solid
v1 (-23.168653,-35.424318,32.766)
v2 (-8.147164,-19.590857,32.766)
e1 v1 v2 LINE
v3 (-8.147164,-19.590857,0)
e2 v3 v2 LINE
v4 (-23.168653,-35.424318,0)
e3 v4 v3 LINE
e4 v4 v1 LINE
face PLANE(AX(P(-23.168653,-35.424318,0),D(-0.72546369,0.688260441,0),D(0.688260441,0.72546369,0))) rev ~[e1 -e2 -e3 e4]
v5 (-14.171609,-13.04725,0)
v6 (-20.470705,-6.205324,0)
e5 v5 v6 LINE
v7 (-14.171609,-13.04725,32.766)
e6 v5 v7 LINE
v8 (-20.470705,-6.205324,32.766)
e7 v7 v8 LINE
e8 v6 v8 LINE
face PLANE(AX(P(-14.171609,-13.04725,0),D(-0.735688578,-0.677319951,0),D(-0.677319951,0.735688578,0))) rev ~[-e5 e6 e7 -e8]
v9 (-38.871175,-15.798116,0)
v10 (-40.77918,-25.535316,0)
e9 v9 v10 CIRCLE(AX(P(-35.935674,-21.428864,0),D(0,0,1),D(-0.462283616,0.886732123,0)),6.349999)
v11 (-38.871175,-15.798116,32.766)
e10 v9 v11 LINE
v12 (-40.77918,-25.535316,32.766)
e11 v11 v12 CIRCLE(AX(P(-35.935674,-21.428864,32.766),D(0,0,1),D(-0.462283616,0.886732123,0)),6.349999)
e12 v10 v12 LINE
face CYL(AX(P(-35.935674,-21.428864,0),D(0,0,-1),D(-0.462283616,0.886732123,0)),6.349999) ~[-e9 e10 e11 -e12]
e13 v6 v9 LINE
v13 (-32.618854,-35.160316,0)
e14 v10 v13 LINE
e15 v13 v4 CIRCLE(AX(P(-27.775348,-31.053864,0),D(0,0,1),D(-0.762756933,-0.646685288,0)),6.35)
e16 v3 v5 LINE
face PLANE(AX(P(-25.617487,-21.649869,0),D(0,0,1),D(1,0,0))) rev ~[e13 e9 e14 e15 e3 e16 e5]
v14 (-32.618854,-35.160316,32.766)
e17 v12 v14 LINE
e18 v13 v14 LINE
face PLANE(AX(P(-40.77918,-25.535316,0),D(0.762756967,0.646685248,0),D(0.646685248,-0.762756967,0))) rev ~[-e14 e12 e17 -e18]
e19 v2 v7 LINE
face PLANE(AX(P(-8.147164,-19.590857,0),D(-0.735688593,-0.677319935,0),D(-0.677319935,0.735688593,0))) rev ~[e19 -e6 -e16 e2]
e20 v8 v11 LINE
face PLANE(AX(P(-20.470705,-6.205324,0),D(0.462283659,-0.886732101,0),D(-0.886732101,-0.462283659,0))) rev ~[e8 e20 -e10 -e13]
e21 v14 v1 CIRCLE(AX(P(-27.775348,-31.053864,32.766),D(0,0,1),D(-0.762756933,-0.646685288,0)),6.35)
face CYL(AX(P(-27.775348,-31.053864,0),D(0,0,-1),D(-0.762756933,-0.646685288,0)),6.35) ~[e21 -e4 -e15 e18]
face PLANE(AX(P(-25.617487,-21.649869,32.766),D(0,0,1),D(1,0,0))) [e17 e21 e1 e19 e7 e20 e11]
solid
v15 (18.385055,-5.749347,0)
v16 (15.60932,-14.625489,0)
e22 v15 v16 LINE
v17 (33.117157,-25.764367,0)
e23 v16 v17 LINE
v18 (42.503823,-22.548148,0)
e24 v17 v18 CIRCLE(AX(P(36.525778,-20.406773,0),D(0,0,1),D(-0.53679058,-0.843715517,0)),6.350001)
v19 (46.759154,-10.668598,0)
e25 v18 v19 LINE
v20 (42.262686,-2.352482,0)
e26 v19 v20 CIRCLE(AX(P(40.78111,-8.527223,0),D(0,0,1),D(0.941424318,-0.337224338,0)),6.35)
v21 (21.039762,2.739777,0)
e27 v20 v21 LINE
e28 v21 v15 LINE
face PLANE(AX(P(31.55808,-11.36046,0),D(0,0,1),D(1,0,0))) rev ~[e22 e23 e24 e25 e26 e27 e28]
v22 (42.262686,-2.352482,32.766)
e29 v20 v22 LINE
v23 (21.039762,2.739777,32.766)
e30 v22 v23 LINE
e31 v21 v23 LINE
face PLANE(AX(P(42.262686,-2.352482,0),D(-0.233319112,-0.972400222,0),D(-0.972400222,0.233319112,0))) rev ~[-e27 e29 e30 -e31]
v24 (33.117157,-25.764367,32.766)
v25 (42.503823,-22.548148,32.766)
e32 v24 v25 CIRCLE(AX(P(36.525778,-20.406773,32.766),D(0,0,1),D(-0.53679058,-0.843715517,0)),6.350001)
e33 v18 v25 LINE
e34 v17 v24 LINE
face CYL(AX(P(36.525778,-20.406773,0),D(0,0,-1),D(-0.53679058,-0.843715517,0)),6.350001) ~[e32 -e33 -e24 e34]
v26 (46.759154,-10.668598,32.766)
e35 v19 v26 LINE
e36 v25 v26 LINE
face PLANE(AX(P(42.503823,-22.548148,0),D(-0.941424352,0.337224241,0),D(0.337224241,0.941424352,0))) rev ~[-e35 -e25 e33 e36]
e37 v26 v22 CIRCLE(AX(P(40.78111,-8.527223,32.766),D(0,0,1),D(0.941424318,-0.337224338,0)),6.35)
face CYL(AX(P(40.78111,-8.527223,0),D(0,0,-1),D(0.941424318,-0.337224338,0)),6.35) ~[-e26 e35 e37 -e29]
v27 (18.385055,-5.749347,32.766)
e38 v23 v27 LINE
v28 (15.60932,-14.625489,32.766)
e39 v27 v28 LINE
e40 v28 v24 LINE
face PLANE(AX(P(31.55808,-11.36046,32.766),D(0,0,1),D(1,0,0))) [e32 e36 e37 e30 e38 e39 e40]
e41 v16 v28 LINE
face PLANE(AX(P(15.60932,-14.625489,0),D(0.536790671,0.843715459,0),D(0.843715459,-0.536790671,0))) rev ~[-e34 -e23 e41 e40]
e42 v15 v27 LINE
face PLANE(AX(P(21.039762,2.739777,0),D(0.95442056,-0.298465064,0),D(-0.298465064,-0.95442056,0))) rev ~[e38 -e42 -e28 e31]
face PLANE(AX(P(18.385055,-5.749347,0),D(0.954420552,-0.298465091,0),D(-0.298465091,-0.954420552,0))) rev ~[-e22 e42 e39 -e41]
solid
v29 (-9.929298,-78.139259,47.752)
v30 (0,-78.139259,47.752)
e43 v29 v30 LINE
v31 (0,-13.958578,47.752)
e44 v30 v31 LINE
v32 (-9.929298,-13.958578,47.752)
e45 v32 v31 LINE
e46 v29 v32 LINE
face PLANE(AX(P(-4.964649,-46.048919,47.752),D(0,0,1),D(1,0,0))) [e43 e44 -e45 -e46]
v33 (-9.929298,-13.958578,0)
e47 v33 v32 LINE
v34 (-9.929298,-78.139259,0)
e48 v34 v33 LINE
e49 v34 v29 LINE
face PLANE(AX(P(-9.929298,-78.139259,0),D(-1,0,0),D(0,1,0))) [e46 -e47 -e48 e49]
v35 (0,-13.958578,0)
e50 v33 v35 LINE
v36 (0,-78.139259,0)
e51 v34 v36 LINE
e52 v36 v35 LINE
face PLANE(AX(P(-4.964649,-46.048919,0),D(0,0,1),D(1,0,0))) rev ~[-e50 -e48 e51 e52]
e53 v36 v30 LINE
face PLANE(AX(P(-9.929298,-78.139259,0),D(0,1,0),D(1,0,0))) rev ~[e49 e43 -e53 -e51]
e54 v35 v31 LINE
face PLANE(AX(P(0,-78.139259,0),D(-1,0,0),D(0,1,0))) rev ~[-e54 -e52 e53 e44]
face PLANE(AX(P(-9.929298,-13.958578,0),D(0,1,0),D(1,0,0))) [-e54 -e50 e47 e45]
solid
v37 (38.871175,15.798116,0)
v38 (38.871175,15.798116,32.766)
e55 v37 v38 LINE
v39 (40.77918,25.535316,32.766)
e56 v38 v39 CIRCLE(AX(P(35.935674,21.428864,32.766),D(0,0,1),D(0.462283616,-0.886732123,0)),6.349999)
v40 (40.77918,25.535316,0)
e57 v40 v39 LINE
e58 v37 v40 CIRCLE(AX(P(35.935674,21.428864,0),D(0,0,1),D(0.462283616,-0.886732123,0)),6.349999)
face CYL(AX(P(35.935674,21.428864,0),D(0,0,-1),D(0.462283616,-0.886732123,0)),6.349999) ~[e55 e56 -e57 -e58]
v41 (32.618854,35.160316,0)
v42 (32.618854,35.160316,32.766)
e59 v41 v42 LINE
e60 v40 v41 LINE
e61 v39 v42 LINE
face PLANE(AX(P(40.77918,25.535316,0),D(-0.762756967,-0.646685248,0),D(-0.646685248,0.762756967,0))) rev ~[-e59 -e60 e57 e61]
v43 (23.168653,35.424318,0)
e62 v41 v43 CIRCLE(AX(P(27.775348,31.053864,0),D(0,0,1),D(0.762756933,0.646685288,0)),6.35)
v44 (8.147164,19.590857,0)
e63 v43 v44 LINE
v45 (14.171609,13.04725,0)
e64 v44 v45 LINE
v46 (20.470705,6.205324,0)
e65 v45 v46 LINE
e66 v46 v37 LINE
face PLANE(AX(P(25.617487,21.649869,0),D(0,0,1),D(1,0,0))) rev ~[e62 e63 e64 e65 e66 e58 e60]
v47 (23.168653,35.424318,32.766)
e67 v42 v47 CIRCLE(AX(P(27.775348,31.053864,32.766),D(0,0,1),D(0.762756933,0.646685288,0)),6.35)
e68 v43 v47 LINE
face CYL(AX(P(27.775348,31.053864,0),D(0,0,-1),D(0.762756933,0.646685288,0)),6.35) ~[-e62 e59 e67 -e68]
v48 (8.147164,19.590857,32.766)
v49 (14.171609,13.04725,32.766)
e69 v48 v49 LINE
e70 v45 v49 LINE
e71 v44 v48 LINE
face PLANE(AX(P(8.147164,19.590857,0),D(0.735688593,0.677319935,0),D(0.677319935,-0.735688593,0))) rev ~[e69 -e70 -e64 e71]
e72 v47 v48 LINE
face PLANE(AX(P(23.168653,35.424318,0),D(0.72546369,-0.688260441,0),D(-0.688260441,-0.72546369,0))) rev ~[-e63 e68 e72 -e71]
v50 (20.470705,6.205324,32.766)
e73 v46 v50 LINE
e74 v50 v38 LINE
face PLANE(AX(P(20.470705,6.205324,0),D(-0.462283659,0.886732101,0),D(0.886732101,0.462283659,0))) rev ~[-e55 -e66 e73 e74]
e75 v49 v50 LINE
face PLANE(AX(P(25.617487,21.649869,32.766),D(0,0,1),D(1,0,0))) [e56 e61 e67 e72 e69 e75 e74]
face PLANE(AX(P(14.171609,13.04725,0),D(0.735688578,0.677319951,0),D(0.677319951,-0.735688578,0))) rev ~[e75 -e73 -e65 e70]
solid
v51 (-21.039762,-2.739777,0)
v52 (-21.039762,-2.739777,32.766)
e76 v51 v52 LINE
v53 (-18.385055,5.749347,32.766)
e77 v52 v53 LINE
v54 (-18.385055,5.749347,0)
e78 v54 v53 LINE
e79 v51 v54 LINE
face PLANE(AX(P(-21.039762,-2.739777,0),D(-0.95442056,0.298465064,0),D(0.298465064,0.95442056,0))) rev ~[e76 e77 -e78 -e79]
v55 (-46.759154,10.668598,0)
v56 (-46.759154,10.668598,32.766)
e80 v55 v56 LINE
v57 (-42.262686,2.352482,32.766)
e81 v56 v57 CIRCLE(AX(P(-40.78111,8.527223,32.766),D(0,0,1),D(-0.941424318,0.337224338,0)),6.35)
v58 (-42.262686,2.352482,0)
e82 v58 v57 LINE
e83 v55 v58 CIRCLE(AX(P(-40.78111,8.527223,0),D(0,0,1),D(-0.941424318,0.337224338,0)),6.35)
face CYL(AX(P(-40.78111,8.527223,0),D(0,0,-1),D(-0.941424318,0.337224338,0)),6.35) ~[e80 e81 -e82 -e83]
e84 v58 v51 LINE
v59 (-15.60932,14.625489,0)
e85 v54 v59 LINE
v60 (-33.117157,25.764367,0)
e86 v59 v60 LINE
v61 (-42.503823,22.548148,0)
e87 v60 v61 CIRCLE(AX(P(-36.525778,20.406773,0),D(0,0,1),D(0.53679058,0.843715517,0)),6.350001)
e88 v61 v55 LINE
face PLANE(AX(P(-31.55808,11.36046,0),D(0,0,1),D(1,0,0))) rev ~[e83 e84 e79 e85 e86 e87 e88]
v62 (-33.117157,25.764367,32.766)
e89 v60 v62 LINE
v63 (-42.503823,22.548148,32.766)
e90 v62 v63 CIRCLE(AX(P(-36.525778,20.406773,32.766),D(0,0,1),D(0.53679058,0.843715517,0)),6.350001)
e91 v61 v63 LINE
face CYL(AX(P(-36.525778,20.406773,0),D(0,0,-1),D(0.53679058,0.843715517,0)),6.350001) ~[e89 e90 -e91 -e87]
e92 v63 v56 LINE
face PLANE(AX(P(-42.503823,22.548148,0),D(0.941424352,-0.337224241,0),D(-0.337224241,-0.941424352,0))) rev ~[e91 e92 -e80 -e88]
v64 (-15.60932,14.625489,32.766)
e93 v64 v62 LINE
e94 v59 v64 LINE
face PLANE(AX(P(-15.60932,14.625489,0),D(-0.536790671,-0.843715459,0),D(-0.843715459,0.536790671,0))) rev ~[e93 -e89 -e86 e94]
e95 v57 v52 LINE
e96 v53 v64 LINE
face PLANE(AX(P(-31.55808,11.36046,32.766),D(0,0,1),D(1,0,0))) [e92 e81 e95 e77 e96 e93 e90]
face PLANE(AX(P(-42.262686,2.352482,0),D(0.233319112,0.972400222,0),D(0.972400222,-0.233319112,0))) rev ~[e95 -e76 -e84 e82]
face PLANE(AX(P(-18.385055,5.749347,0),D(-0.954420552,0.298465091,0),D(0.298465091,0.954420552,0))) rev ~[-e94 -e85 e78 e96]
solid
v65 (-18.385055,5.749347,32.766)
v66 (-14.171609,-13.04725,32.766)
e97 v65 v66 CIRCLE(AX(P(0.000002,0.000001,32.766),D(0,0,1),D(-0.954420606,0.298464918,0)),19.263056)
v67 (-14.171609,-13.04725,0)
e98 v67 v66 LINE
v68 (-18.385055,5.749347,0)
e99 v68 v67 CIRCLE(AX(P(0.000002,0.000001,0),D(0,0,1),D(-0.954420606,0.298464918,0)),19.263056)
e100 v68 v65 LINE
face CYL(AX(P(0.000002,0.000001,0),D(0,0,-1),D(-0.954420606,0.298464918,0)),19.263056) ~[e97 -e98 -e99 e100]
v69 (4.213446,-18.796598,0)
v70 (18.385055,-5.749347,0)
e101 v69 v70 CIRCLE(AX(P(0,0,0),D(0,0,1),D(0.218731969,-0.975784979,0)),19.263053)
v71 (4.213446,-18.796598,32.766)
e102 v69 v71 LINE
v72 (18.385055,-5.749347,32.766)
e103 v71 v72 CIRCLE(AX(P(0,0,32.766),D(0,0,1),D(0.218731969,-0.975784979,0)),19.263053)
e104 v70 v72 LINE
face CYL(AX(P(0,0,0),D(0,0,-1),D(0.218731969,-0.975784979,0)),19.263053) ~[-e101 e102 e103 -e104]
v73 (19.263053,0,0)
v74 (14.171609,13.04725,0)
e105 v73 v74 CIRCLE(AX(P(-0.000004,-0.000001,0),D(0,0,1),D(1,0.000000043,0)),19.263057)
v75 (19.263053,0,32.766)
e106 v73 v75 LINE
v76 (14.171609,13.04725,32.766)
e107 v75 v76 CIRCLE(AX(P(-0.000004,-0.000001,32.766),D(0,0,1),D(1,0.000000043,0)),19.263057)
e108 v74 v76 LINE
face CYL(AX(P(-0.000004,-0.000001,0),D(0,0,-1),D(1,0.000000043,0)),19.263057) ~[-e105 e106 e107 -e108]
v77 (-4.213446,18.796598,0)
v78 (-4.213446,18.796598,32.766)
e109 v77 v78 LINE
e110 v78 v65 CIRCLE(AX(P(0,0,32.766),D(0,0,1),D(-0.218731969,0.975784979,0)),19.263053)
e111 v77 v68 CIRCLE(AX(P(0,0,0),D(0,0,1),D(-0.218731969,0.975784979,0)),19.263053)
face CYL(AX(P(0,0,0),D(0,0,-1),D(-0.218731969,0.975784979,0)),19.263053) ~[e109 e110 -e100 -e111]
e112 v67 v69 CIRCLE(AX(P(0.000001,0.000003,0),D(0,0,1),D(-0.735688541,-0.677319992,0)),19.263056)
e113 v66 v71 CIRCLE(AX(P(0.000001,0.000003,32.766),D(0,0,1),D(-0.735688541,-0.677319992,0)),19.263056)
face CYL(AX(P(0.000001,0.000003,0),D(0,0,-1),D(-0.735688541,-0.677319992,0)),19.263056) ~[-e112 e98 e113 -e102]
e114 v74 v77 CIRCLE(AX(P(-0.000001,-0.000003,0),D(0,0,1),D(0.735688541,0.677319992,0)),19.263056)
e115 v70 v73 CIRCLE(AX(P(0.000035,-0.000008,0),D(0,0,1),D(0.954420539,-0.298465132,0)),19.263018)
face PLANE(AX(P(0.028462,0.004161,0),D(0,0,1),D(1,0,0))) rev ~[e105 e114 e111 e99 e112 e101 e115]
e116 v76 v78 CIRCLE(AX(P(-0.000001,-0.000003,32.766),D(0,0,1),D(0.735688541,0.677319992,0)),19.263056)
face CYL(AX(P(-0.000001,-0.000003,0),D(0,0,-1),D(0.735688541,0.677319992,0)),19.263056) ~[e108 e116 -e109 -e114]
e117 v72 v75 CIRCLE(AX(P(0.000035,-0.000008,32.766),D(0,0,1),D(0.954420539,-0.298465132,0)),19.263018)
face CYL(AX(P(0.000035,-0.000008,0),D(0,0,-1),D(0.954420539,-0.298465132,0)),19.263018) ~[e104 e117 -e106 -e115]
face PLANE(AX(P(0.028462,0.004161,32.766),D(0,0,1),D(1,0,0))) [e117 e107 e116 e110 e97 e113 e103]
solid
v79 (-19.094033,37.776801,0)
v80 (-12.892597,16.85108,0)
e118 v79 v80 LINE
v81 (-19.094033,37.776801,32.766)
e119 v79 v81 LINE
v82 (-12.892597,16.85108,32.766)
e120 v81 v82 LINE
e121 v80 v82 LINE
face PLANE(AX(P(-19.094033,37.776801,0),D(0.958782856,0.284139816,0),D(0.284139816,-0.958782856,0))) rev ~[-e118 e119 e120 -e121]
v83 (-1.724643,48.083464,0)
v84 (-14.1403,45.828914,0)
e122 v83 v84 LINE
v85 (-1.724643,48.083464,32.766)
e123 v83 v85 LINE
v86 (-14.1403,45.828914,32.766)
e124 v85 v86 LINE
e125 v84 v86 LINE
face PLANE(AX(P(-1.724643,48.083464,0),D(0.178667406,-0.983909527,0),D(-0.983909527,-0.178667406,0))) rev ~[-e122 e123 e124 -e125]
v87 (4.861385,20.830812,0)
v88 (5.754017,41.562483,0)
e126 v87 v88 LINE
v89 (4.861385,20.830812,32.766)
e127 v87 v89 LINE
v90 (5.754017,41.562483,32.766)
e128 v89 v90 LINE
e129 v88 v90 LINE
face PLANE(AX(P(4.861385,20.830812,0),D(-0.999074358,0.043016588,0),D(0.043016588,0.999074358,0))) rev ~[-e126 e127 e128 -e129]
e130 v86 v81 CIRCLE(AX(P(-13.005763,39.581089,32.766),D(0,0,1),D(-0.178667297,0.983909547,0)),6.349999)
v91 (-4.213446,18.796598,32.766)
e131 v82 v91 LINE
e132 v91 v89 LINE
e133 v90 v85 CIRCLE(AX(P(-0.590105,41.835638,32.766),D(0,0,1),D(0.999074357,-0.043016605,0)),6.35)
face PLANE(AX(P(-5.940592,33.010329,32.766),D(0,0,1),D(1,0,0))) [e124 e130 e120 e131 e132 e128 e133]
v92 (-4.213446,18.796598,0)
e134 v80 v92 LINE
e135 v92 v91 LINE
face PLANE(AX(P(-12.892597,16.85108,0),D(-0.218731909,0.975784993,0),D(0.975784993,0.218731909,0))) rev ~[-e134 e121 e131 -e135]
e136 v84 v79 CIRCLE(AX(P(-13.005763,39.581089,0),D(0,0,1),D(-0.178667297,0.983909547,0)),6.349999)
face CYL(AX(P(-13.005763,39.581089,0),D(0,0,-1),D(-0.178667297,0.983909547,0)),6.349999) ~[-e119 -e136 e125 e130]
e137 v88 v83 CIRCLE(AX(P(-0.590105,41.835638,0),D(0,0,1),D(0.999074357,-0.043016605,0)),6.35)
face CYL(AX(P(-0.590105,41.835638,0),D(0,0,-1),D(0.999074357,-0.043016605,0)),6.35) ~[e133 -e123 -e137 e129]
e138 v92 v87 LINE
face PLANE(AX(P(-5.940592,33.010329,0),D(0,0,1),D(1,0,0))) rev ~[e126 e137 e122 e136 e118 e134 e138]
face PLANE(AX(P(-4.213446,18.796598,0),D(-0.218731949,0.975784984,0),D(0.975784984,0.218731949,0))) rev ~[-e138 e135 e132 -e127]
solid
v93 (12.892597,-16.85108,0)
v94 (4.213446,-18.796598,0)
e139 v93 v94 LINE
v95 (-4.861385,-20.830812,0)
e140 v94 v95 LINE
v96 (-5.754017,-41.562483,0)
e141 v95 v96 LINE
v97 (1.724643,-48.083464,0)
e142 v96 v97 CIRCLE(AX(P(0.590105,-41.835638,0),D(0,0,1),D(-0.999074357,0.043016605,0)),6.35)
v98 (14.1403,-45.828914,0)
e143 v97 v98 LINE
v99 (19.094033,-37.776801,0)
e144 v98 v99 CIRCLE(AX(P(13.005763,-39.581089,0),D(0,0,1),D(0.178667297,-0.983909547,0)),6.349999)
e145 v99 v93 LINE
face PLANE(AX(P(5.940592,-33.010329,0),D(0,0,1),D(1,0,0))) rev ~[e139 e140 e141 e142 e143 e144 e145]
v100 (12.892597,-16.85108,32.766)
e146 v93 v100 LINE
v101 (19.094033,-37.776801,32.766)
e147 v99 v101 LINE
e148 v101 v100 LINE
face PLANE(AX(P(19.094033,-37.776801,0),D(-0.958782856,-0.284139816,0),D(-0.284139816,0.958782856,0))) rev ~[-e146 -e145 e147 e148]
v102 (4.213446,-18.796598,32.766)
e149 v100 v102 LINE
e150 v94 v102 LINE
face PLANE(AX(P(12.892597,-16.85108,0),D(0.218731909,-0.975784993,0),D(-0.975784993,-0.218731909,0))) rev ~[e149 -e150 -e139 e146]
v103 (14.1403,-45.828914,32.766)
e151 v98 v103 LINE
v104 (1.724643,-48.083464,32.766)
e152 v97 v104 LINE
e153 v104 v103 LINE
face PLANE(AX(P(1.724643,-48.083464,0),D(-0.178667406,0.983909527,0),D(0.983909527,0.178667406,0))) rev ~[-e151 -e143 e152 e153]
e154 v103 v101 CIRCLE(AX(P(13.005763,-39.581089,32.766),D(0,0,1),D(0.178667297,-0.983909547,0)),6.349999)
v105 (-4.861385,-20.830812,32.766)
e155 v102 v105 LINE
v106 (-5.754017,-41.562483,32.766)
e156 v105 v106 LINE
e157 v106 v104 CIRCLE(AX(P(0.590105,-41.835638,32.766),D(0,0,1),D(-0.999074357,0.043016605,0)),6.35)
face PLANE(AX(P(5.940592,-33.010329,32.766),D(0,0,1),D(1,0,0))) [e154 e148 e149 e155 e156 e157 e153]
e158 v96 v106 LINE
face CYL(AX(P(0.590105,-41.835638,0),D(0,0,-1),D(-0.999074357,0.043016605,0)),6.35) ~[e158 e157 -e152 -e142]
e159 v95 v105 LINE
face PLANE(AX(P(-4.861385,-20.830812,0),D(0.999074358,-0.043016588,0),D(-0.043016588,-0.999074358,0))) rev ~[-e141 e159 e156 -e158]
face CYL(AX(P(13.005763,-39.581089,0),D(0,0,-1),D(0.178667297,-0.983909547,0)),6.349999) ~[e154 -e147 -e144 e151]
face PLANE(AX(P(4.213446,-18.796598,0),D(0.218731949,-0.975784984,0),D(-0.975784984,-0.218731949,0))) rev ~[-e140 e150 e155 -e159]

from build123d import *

# Parameters (mm, degrees)
F1_W     = 9.929298
F1_H     = 64.180681
F2_DEPTH = 47.752
F3_DEPTH = 32.766


with BuildPart() as f2:
    # F1 (on Top) → F2 (new body)
    with BuildSketch(Plane.XY):
        with Locations((-4.964649, -46.048919)):
            Rectangle(F1_W, F1_H)
    extrude(amount=F2_DEPTH)


with BuildPart() as f3:
    # F0 (on Top) → F3 (new body)
    with BuildSketch(Plane.XY):
        with BuildLine():
            Line((-21.039762, -2.739777), (-18.385055, 5.749347))
            Line((-18.385055, 5.749347), (-15.60932, 14.625489))
            Line((-15.60932, 14.625489), (-33.117157, 25.764367))
            ThreePointArc((-33.117157, 25.764367), (-38.584054, 26.413936), (-42.503823, 22.548148))
            Line((-42.503823, 22.548148), (-46.759154, 10.668598))
            ThreePointArc((-46.759154, 10.668598), (-46.366889, 5.50703), (-42.262686, 2.352482))
            Line((-42.262686, 2.352482), (-21.039762, -2.739777))
        make_face()
        with BuildLine():
            Line((-12.892597, 16.85108), (-4.213446, 18.796598))
            Line((-4.213446, 18.796598), (4.861385, 20.830812))
            Line((4.861385, 20.830812), (5.754017, 41.562483))
            ThreePointArc((5.754017, 41.562483), (3.583112, 46.621739), (-1.724643, 48.083464))
            Line((-1.724643, 48.083464), (-14.1403, 45.828914))
            ThreePointArc((-14.1403, 45.828914), (-18.414216, 42.908419), (-19.094033, 37.776801))
            Line((-19.094033, 37.776801), (-12.892597, 16.85108))
        make_face()
        with BuildLine():
            Line((8.147164, 19.590857), (14.171609, 13.04725))
            Line((14.171609, 13.04725), (20.470705, 6.205324))
            Line((20.470705, 6.205324), (38.871175, 15.798116))
            ThreePointArc((38.871175, 15.798116), (42.167167, 20.207803), (40.77918, 25.535316))
            Line((40.77918, 25.535316), (32.618854, 35.160316))
            ThreePointArc((32.618854, 35.160316), (27.952672, 37.401388), (23.168653, 35.424318))
            Line((23.168653, 35.424318), (8.147164, 19.590857))
        make_face()
        with BuildLine():
            Line((21.039762, 2.739777), (18.385055, -5.749347))
            Line((18.385055, -5.749347), (15.60932, -14.625489))
            Line((15.60932, -14.625489), (33.117157, -25.764367))
            ThreePointArc((33.117157, -25.764367), (38.584054, -26.413936), (42.503823, -22.548148))
            Line((42.503823, -22.548148), (46.759154, -10.668598))
            ThreePointArc((46.759154, -10.668598), (46.366889, -5.50703), (42.262686, -2.352482))
            Line((42.262686, -2.352482), (21.039762, 2.739777))
        make_face()
        with BuildLine():
            Line((12.892597, -16.85108), (4.213446, -18.796598))
            Line((4.213446, -18.796598), (-4.861385, -20.830812))
            Line((-4.861385, -20.830812), (-5.754017, -41.562483))
            ThreePointArc((-5.754017, -41.562483), (-3.583112, -46.621739), (1.724643, -48.083464))
            Line((1.724643, -48.083464), (14.1403, -45.828914))
            ThreePointArc((14.1403, -45.828914), (18.414216, -42.908419), (19.094033, -37.776801))
            Line((19.094033, -37.776801), (12.892597, -16.85108))
        make_face()
        with BuildLine():
            Line((-8.147164, -19.590857), (-14.171609, -13.04725))
            Line((-14.171609, -13.04725), (-20.470705, -6.205324))
            Line((-20.470705, -6.205324), (-38.871175, -15.798116))
            ThreePointArc((-38.871175, -15.798116), (-42.167167, -20.207803), (-40.77918, -25.535316))
            Line((-40.77918, -25.535316), (-32.618854, -35.160316))
            ThreePointArc((-32.618854, -35.160316), (-27.952672, -37.401388), (-23.168653, -35.424318))
            Line((-23.168653, -35.424318), (-8.147164, -19.590857))
        make_face()
        with BuildLine():
            ThreePointArc((18.385055, -5.749347), (19.042289, -2.908001), (19.263053, 0))
            ThreePointArc((19.263053, 0), (17.945106, 7.002741), (14.171609, 13.04725))
            ThreePointArc((14.171609, 13.04725), (5.749348, 18.385054), (-4.213446, 18.796598))
            ThreePointArc((-4.213446, 18.796598), (-13.047251, 14.171608), (-18.385055, 5.749347))
            ThreePointArc((-18.385055, 5.749347), (-18.796598, -4.213446), (-14.171609, -13.04725))
            ThreePointArc((-14.171609, -13.04725), (-5.749348, -18.385054), (4.213446, -18.796598))
            ThreePointArc((4.213446, -18.796598), (13.047251, -14.171608), (18.385055, -5.749347))
        make_face()
    extrude(amount=F3_DEPTH)


solid = Compound([f2.part, f3.part])
